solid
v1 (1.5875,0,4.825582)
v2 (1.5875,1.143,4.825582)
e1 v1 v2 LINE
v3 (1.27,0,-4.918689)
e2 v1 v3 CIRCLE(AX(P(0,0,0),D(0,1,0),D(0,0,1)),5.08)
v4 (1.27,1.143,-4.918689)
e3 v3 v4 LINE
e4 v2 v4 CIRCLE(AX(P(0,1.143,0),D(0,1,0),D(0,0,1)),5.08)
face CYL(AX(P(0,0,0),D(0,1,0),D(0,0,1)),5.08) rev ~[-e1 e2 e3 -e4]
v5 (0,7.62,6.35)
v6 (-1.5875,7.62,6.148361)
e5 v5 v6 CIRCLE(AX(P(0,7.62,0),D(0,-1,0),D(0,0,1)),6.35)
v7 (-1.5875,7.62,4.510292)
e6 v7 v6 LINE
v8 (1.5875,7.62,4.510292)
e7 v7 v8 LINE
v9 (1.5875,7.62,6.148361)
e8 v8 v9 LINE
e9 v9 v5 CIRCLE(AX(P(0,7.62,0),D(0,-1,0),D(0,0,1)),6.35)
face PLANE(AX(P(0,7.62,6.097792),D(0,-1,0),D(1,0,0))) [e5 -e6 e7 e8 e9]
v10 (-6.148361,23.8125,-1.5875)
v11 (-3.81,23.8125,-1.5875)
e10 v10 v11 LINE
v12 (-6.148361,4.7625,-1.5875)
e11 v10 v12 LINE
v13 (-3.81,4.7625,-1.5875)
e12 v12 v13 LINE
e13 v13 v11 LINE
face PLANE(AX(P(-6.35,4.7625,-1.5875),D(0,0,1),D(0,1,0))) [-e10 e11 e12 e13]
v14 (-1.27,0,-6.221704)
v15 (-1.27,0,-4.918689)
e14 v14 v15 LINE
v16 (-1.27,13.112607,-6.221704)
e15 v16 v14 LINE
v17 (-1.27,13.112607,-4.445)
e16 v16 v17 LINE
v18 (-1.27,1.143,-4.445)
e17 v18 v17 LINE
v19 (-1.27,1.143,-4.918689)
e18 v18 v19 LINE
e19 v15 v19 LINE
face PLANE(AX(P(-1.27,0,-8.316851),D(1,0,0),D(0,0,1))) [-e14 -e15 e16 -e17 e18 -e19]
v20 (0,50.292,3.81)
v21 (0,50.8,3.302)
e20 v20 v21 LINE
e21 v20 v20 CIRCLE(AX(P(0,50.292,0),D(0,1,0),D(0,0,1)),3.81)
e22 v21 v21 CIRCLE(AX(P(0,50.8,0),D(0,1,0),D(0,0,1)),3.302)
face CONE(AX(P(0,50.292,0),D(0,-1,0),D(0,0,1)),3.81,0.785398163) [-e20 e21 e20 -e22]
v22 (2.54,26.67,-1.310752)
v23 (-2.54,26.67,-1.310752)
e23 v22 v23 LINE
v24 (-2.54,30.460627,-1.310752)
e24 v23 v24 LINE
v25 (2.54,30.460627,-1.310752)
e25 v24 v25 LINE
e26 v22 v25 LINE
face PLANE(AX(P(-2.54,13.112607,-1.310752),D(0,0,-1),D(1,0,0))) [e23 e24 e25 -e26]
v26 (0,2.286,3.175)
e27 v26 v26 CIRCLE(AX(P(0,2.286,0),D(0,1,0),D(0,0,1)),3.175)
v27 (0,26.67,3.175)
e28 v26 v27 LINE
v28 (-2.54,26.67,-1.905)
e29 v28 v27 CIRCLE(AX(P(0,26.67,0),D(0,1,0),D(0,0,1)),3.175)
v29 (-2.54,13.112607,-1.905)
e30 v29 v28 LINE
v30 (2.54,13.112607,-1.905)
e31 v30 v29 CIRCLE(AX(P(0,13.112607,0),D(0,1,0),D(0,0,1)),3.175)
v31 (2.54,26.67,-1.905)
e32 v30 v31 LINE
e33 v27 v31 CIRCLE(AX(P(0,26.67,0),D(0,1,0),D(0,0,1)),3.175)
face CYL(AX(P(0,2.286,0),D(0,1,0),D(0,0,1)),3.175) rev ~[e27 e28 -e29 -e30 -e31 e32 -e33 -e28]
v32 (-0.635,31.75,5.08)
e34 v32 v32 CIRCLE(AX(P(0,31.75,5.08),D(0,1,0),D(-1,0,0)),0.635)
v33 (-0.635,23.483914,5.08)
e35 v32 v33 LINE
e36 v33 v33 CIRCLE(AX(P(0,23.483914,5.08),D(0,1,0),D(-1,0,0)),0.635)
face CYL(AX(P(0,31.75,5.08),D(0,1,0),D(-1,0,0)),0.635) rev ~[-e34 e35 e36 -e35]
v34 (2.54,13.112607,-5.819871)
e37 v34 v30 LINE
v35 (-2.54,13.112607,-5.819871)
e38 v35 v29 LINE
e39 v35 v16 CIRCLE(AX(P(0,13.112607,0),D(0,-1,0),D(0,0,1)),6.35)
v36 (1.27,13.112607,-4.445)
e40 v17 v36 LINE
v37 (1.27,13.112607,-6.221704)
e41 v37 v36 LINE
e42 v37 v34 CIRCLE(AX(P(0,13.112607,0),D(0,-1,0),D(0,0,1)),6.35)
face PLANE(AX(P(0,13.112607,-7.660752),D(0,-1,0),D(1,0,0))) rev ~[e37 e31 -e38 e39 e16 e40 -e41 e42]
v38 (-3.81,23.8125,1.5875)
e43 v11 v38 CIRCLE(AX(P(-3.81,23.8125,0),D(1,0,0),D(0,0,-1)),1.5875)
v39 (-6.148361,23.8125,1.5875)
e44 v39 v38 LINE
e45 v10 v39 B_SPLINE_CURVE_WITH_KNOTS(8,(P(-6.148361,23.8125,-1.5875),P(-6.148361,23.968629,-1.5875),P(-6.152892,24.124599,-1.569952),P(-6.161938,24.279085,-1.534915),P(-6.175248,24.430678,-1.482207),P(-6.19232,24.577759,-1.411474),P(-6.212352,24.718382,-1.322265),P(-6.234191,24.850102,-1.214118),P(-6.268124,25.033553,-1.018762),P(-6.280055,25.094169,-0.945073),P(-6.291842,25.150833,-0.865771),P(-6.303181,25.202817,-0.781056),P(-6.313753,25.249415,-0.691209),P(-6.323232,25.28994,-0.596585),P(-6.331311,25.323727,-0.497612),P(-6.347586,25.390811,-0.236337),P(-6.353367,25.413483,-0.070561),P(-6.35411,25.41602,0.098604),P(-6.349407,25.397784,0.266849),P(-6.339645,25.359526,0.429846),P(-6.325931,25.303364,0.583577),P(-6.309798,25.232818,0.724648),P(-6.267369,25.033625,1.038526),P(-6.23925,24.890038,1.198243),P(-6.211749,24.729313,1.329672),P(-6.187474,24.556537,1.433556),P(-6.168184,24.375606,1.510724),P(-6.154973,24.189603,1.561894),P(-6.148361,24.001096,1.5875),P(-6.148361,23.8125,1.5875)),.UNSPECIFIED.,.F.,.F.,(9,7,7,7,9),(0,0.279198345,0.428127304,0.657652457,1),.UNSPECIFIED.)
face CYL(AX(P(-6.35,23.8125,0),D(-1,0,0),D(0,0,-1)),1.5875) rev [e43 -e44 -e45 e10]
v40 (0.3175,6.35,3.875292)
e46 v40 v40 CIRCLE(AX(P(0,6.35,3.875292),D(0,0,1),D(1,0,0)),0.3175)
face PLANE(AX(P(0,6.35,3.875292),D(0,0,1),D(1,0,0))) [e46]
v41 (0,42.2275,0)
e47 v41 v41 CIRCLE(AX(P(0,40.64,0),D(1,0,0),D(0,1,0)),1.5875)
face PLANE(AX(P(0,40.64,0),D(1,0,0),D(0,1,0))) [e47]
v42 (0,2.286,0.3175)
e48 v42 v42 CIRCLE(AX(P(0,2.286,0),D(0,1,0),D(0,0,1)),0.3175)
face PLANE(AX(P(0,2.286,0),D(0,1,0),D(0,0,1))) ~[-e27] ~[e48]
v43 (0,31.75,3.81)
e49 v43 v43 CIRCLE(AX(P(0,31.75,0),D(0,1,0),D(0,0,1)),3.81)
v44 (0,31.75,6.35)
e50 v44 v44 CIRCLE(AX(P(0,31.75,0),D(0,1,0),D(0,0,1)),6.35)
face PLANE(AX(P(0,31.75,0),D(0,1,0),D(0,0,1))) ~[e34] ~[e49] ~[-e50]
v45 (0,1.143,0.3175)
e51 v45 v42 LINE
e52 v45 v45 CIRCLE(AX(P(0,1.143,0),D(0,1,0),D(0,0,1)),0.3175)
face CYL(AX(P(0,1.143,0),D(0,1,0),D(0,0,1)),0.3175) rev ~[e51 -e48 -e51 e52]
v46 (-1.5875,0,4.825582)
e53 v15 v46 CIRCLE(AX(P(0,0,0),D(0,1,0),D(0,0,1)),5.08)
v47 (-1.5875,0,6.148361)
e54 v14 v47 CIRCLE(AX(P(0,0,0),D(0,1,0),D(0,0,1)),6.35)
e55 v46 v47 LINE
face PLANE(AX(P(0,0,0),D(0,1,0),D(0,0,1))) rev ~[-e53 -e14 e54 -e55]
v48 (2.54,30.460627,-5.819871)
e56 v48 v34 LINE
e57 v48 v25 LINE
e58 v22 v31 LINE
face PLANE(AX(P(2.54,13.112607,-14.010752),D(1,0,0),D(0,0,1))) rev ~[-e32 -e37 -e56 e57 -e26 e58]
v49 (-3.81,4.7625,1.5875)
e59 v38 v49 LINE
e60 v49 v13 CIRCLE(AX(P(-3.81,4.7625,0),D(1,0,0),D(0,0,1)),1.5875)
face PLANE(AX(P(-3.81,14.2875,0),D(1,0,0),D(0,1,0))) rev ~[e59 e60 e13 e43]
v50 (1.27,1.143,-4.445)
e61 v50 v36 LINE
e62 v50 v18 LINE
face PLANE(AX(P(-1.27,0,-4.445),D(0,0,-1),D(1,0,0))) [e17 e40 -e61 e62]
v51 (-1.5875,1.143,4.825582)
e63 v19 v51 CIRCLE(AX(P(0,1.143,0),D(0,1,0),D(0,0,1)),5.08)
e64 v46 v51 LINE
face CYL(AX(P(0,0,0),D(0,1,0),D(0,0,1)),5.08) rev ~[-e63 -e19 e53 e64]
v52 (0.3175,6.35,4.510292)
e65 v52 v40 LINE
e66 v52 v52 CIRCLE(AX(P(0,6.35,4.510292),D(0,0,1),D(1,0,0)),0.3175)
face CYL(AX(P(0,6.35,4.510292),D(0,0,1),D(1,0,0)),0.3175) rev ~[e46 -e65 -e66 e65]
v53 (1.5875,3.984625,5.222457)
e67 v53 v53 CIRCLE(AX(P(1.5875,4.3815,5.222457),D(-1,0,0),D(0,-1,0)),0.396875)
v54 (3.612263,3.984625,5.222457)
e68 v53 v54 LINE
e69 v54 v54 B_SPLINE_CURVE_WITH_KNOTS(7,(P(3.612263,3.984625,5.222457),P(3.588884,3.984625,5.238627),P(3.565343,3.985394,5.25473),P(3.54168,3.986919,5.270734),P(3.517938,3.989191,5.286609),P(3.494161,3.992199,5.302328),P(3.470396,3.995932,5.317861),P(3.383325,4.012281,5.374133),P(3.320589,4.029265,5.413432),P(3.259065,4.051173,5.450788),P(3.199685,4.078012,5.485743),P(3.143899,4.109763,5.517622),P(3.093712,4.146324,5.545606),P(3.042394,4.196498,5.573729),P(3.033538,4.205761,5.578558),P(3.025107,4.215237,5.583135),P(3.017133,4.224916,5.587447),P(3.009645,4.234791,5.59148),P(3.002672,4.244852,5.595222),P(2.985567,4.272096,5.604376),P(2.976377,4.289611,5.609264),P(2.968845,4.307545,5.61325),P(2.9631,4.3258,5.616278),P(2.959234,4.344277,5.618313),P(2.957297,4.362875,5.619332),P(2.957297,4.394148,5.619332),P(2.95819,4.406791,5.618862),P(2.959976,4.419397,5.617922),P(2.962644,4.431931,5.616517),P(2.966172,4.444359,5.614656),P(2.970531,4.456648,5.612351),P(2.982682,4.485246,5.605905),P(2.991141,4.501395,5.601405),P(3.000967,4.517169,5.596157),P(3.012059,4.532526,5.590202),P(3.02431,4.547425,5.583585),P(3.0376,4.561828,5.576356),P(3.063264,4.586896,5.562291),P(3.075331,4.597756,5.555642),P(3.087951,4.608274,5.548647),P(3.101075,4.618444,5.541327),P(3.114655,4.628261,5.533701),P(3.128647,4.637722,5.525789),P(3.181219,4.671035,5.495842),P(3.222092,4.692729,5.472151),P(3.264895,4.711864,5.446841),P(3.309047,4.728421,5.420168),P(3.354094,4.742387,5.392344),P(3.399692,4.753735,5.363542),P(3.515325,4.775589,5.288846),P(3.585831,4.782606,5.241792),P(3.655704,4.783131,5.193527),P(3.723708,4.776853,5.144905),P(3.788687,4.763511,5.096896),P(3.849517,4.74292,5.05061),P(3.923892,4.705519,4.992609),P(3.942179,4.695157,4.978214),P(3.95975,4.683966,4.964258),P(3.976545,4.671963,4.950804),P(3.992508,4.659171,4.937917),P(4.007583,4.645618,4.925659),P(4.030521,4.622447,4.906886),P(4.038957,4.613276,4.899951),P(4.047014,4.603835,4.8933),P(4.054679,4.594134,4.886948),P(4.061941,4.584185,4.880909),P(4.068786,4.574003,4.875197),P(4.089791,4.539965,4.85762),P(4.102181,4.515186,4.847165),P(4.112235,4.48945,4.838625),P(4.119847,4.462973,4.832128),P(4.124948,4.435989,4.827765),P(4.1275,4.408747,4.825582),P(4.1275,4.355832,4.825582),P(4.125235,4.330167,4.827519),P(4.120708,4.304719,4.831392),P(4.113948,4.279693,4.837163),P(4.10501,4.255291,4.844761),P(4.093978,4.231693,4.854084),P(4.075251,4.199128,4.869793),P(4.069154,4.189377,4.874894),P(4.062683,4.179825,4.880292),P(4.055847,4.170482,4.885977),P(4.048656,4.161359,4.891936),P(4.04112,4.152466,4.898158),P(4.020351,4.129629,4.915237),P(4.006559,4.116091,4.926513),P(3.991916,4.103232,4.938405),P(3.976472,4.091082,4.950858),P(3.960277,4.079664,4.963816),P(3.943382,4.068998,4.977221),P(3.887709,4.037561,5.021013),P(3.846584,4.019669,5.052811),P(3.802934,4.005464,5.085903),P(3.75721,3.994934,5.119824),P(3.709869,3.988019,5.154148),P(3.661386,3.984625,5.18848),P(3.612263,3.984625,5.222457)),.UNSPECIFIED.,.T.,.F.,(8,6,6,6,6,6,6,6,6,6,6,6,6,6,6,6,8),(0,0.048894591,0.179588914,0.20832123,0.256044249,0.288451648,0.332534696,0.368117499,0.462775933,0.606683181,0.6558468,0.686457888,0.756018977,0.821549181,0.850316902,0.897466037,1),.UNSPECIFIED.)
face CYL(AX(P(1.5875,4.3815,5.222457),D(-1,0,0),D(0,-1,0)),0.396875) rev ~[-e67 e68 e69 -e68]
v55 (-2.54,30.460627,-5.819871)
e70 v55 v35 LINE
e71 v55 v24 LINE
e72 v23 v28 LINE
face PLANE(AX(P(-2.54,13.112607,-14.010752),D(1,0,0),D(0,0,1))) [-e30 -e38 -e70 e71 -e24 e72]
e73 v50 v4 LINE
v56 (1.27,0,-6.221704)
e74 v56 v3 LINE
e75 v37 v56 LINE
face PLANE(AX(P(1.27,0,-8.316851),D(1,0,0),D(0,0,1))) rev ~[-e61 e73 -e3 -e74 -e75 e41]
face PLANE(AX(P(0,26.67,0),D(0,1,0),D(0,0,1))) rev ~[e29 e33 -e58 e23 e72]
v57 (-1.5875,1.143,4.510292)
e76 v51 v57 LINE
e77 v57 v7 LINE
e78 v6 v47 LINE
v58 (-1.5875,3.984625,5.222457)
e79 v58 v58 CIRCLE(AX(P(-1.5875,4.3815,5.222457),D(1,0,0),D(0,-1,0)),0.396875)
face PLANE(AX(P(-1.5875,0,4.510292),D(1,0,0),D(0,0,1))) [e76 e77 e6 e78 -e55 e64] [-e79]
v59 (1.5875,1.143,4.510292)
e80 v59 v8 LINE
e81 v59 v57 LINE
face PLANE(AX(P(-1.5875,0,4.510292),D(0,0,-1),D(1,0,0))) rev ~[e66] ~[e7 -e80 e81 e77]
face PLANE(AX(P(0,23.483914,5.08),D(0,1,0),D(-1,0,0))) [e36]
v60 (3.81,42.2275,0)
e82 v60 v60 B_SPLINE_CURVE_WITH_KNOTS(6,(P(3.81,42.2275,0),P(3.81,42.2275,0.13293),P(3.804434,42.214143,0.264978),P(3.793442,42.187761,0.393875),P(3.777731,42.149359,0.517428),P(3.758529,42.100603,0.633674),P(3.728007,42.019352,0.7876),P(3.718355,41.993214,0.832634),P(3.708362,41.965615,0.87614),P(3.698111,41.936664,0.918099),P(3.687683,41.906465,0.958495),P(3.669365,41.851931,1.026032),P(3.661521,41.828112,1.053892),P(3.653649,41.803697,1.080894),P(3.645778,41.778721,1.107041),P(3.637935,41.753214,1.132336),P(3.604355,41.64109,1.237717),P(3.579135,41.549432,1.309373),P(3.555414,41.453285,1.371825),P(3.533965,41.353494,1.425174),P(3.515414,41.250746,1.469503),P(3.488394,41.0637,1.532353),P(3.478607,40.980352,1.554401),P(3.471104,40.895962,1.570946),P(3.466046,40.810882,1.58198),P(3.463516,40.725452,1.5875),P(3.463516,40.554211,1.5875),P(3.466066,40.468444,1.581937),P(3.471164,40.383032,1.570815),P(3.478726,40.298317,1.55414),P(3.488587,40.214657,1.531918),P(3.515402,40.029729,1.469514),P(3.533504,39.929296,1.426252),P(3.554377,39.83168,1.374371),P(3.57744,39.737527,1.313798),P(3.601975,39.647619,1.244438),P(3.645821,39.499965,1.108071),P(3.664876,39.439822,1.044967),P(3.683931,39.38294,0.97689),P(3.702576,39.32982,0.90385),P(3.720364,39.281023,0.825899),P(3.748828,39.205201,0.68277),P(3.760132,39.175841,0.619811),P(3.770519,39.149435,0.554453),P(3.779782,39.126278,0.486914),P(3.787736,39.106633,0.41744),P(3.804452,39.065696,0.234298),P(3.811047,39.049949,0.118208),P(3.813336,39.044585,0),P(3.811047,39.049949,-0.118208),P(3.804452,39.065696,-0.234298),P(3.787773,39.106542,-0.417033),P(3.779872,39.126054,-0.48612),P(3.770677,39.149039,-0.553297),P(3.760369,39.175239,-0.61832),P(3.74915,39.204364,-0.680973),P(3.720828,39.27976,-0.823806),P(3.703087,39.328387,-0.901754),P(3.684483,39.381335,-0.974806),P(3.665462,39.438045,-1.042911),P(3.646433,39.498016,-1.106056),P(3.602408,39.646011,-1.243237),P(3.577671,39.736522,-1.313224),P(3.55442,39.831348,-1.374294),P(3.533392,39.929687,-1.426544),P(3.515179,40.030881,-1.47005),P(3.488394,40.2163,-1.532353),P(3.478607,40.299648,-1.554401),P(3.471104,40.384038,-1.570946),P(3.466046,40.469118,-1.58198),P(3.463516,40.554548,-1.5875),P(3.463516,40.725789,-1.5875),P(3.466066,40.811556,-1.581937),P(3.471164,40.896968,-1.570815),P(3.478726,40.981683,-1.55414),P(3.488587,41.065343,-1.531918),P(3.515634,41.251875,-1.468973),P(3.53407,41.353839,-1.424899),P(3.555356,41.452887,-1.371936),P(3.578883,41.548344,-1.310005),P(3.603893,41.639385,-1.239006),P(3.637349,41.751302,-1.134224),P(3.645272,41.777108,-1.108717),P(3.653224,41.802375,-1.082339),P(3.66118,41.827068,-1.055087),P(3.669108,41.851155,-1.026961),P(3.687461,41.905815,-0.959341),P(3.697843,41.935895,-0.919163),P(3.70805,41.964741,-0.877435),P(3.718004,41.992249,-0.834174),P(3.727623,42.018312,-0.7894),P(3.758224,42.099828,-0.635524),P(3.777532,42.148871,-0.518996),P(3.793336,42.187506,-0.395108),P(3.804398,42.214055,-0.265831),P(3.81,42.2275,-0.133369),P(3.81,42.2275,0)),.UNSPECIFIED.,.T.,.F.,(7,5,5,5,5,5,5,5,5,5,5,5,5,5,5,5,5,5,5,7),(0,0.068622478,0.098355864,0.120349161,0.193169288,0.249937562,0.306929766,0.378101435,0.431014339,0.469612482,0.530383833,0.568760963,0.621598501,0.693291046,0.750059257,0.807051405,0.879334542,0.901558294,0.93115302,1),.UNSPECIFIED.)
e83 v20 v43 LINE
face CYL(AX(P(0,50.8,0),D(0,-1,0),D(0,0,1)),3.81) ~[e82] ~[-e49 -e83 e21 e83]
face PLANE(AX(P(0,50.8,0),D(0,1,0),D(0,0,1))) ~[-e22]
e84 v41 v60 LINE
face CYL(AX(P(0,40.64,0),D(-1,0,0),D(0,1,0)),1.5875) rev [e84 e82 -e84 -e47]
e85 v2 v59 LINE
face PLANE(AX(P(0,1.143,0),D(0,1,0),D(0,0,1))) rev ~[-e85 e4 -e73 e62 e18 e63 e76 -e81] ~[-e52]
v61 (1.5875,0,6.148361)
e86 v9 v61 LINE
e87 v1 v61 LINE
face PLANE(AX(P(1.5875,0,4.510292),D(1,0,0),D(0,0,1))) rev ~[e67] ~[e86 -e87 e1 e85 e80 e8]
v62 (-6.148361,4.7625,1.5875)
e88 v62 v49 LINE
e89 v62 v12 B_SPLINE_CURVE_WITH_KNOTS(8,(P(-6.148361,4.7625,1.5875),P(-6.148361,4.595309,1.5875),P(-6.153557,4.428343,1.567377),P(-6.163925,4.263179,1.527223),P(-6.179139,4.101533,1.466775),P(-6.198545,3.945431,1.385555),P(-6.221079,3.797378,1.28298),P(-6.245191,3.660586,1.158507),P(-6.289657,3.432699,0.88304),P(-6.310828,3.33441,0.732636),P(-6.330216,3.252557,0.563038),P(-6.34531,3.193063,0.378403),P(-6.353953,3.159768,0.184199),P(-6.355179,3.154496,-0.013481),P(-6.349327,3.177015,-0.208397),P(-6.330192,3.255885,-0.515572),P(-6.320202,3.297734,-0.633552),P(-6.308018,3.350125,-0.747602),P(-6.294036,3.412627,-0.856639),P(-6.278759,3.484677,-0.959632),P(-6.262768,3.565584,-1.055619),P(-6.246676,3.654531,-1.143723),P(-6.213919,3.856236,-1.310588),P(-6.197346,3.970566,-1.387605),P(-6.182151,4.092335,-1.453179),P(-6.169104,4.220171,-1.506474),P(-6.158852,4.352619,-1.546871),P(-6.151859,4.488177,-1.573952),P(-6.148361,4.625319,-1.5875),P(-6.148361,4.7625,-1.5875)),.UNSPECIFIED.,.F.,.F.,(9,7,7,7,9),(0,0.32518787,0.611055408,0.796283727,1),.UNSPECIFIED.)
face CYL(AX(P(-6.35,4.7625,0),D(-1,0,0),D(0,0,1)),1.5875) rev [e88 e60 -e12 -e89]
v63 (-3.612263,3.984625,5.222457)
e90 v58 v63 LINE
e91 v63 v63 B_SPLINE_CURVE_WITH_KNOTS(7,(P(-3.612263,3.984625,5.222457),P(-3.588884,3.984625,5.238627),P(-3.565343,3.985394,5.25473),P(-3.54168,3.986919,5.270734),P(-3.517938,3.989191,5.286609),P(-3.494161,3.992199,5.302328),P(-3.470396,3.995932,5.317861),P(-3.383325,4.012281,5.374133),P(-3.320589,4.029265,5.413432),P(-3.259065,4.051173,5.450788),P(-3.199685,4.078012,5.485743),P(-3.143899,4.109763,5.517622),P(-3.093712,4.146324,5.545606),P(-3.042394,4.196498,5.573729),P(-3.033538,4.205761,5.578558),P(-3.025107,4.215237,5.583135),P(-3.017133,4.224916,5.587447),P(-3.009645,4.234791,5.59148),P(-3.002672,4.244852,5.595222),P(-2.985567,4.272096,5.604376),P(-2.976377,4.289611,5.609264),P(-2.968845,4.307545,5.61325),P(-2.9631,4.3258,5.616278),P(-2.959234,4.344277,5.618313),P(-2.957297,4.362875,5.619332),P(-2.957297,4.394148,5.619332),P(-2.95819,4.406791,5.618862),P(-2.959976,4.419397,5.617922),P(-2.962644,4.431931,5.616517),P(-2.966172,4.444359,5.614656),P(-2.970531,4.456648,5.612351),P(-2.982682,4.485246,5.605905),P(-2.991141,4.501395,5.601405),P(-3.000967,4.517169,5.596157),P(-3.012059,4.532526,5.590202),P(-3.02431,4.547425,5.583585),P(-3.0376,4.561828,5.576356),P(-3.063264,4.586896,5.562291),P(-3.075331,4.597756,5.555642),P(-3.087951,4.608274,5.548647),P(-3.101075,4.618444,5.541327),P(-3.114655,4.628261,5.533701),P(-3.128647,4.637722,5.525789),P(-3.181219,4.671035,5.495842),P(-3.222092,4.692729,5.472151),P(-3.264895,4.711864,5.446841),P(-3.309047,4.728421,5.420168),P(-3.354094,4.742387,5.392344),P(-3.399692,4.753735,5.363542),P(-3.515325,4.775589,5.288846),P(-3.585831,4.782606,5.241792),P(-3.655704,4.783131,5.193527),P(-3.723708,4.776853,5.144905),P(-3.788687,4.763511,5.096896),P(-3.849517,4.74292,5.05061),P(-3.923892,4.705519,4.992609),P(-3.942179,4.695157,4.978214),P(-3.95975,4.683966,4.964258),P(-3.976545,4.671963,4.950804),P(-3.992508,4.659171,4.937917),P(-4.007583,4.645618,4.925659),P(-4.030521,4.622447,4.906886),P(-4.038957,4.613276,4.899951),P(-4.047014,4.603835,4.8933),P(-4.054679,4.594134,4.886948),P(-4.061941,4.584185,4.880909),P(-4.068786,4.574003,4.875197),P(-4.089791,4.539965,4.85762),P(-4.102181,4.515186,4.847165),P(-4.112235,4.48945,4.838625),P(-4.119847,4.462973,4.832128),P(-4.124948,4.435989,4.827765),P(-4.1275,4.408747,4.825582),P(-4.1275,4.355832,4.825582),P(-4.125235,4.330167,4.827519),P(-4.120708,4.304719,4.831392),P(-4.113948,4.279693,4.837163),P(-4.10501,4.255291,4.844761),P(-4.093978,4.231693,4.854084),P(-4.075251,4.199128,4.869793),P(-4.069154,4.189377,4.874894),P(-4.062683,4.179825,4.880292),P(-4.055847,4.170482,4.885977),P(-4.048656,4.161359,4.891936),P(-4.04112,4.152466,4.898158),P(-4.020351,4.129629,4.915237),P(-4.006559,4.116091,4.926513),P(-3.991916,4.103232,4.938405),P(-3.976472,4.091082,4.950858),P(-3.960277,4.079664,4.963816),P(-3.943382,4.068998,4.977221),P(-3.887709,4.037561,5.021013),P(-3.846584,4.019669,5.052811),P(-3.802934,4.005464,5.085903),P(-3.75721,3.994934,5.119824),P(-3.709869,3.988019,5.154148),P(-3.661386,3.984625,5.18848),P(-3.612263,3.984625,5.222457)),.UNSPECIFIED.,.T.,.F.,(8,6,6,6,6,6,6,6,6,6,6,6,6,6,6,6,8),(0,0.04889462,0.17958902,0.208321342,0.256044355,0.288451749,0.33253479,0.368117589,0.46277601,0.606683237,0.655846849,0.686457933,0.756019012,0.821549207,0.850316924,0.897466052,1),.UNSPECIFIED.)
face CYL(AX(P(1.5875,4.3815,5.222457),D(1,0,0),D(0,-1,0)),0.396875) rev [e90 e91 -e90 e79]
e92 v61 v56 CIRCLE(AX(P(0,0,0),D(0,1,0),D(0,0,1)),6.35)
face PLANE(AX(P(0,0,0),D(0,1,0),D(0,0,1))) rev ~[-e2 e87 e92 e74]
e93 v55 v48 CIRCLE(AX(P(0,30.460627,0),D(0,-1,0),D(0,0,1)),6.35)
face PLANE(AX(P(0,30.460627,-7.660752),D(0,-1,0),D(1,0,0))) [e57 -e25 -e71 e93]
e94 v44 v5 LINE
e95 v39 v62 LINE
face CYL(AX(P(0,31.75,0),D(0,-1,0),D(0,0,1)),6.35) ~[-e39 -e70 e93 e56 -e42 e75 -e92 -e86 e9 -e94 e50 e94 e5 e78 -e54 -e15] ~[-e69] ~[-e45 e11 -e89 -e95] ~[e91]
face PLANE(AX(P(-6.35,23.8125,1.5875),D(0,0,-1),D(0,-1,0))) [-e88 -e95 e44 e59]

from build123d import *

# Parameters (mm, degrees)
F2_R           = 1.5875
F3_DEPTH       = 25.4
F6_DEPTH       = 2.54
F8_W           = 5.08
F8_H           = 12.7
F9_DEPTH       = 17.3480194062
F10_W          = 3.175
F10_H          = 3.175
F11_DEPTH      = 7.62
F12_R          = 0.396875
F13_DEPTH      = 25.4
F13_DEPTH_BACK = 25.4
F14_R          = 0.3175
F15_DEPTH      = 0.635
F16_R          = 0.635
F17_DEPTH      = 8.2660857588
F18_W          = 2.54
F18_H          = 3.8718514089
F19_DEPTH      = 25.4
F20_SIZE       = 0.508


with BuildPart() as f1:
    # F0 (on Right) → F1 (revolve)
    with BuildSketch(Plane.YZ):
        Polygon((26.67, 3.175), (26.67, 0), (50.8, 0), (50.8, 3.81), (31.75, 3.81), (31.75, 6.35), (0, 6.35), (0, 5.08), (1.143, 5.08), (1.143, 0.3175), (2.286, 0.3175), (2.286, 3.175), align=None)
    revolve(axis=Axis((0, 38.735, 0), (0, 1, 0)))

    # F2 (on Right) → F3 (cut)
    with BuildSketch(Plane.YZ):
        with Locations((40.64, 0)):
            Circle(F2_R)
    extrude(amount=F3_DEPTH, mode=Mode.SUBTRACT)

    # F5 (on offset) → F6 (cut)
    with BuildSketch(Plane.YZ.offset(-6.35)):
        with BuildLine():
            Line((4.7625, -1.5875), (23.8125, -1.5875))
            ThreePointArc((23.8125, -1.5875), (25.4, 0), (23.8125, 1.5875))
            Line((23.8125, 1.5875), (4.7625, 1.5875))
            ThreePointArc((4.7625, 1.5875), (3.175, 0), (4.7625, -1.5875))
        make_face()
    extrude(amount=F6_DEPTH, mode=Mode.SUBTRACT)

    # F8 (on offset) → F9 (cut)
    with BuildSketch(Plane.XZ.offset(-13.112607412)):
        with Locations((0, -7.6607518819)):
            Rectangle(F8_W, F8_H)
    extrude(amount=-F9_DEPTH, mode=Mode.SUBTRACT)

    # F10 (on face) → F11 (cut)
    with BuildSketch(Plane.XZ):
        with Locations((0, 6.0977916799)):
            Rectangle(F10_W, F10_H)
    extrude(amount=-F11_DEPTH, mode=Mode.SUBTRACT)

    # F12 (on face) → F13 (cut, two sides)
    with BuildSketch(Plane(origin=(1.5875, 0, 0), x_dir=(0, -1, 0), z_dir=(-1, 0, 0))) as f13_sk:
        with Locations((-4.3815, 5.2224572188)):
            Circle(F12_R)
    extrude(amount=-F13_DEPTH, mode=Mode.SUBTRACT)
    extrude(f13_sk.sketch, amount=F13_DEPTH_BACK, mode=Mode.SUBTRACT)

    # F14 (on face) → F15 (cut)
    with BuildSketch(Plane.XY.offset(4.5102916799)):
        with Locations((0, 6.35)):
            Circle(F14_R)
    extrude(amount=-F15_DEPTH, mode=Mode.SUBTRACT)

    # F16 (on face) → F17 (cut)
    with BuildSketch(Plane(origin=(0, 31.75, 0), x_dir=(-1, 0, 0), z_dir=(0, 1, 0))):
        with Locations((0, 5.08)):
            Circle(F16_R)
    extrude(amount=-F17_DEPTH, mode=Mode.SUBTRACT)

    # F18 (on face) → F19 (cut)
    with BuildSketch(Plane.XZ):
        with Locations((0, -6.3809257044)):
            Rectangle(F18_W, F18_H)
    extrude(amount=-F19_DEPTH, mode=Mode.SUBTRACT)

    # F20
    f20_edges = [f1.edges().sort_by_distance(p)[0] for p in [
        (0, 50.8, -3.81),
    ]]
    chamfer(f20_edges, length=F20_SIZE)


solid = f1.part
